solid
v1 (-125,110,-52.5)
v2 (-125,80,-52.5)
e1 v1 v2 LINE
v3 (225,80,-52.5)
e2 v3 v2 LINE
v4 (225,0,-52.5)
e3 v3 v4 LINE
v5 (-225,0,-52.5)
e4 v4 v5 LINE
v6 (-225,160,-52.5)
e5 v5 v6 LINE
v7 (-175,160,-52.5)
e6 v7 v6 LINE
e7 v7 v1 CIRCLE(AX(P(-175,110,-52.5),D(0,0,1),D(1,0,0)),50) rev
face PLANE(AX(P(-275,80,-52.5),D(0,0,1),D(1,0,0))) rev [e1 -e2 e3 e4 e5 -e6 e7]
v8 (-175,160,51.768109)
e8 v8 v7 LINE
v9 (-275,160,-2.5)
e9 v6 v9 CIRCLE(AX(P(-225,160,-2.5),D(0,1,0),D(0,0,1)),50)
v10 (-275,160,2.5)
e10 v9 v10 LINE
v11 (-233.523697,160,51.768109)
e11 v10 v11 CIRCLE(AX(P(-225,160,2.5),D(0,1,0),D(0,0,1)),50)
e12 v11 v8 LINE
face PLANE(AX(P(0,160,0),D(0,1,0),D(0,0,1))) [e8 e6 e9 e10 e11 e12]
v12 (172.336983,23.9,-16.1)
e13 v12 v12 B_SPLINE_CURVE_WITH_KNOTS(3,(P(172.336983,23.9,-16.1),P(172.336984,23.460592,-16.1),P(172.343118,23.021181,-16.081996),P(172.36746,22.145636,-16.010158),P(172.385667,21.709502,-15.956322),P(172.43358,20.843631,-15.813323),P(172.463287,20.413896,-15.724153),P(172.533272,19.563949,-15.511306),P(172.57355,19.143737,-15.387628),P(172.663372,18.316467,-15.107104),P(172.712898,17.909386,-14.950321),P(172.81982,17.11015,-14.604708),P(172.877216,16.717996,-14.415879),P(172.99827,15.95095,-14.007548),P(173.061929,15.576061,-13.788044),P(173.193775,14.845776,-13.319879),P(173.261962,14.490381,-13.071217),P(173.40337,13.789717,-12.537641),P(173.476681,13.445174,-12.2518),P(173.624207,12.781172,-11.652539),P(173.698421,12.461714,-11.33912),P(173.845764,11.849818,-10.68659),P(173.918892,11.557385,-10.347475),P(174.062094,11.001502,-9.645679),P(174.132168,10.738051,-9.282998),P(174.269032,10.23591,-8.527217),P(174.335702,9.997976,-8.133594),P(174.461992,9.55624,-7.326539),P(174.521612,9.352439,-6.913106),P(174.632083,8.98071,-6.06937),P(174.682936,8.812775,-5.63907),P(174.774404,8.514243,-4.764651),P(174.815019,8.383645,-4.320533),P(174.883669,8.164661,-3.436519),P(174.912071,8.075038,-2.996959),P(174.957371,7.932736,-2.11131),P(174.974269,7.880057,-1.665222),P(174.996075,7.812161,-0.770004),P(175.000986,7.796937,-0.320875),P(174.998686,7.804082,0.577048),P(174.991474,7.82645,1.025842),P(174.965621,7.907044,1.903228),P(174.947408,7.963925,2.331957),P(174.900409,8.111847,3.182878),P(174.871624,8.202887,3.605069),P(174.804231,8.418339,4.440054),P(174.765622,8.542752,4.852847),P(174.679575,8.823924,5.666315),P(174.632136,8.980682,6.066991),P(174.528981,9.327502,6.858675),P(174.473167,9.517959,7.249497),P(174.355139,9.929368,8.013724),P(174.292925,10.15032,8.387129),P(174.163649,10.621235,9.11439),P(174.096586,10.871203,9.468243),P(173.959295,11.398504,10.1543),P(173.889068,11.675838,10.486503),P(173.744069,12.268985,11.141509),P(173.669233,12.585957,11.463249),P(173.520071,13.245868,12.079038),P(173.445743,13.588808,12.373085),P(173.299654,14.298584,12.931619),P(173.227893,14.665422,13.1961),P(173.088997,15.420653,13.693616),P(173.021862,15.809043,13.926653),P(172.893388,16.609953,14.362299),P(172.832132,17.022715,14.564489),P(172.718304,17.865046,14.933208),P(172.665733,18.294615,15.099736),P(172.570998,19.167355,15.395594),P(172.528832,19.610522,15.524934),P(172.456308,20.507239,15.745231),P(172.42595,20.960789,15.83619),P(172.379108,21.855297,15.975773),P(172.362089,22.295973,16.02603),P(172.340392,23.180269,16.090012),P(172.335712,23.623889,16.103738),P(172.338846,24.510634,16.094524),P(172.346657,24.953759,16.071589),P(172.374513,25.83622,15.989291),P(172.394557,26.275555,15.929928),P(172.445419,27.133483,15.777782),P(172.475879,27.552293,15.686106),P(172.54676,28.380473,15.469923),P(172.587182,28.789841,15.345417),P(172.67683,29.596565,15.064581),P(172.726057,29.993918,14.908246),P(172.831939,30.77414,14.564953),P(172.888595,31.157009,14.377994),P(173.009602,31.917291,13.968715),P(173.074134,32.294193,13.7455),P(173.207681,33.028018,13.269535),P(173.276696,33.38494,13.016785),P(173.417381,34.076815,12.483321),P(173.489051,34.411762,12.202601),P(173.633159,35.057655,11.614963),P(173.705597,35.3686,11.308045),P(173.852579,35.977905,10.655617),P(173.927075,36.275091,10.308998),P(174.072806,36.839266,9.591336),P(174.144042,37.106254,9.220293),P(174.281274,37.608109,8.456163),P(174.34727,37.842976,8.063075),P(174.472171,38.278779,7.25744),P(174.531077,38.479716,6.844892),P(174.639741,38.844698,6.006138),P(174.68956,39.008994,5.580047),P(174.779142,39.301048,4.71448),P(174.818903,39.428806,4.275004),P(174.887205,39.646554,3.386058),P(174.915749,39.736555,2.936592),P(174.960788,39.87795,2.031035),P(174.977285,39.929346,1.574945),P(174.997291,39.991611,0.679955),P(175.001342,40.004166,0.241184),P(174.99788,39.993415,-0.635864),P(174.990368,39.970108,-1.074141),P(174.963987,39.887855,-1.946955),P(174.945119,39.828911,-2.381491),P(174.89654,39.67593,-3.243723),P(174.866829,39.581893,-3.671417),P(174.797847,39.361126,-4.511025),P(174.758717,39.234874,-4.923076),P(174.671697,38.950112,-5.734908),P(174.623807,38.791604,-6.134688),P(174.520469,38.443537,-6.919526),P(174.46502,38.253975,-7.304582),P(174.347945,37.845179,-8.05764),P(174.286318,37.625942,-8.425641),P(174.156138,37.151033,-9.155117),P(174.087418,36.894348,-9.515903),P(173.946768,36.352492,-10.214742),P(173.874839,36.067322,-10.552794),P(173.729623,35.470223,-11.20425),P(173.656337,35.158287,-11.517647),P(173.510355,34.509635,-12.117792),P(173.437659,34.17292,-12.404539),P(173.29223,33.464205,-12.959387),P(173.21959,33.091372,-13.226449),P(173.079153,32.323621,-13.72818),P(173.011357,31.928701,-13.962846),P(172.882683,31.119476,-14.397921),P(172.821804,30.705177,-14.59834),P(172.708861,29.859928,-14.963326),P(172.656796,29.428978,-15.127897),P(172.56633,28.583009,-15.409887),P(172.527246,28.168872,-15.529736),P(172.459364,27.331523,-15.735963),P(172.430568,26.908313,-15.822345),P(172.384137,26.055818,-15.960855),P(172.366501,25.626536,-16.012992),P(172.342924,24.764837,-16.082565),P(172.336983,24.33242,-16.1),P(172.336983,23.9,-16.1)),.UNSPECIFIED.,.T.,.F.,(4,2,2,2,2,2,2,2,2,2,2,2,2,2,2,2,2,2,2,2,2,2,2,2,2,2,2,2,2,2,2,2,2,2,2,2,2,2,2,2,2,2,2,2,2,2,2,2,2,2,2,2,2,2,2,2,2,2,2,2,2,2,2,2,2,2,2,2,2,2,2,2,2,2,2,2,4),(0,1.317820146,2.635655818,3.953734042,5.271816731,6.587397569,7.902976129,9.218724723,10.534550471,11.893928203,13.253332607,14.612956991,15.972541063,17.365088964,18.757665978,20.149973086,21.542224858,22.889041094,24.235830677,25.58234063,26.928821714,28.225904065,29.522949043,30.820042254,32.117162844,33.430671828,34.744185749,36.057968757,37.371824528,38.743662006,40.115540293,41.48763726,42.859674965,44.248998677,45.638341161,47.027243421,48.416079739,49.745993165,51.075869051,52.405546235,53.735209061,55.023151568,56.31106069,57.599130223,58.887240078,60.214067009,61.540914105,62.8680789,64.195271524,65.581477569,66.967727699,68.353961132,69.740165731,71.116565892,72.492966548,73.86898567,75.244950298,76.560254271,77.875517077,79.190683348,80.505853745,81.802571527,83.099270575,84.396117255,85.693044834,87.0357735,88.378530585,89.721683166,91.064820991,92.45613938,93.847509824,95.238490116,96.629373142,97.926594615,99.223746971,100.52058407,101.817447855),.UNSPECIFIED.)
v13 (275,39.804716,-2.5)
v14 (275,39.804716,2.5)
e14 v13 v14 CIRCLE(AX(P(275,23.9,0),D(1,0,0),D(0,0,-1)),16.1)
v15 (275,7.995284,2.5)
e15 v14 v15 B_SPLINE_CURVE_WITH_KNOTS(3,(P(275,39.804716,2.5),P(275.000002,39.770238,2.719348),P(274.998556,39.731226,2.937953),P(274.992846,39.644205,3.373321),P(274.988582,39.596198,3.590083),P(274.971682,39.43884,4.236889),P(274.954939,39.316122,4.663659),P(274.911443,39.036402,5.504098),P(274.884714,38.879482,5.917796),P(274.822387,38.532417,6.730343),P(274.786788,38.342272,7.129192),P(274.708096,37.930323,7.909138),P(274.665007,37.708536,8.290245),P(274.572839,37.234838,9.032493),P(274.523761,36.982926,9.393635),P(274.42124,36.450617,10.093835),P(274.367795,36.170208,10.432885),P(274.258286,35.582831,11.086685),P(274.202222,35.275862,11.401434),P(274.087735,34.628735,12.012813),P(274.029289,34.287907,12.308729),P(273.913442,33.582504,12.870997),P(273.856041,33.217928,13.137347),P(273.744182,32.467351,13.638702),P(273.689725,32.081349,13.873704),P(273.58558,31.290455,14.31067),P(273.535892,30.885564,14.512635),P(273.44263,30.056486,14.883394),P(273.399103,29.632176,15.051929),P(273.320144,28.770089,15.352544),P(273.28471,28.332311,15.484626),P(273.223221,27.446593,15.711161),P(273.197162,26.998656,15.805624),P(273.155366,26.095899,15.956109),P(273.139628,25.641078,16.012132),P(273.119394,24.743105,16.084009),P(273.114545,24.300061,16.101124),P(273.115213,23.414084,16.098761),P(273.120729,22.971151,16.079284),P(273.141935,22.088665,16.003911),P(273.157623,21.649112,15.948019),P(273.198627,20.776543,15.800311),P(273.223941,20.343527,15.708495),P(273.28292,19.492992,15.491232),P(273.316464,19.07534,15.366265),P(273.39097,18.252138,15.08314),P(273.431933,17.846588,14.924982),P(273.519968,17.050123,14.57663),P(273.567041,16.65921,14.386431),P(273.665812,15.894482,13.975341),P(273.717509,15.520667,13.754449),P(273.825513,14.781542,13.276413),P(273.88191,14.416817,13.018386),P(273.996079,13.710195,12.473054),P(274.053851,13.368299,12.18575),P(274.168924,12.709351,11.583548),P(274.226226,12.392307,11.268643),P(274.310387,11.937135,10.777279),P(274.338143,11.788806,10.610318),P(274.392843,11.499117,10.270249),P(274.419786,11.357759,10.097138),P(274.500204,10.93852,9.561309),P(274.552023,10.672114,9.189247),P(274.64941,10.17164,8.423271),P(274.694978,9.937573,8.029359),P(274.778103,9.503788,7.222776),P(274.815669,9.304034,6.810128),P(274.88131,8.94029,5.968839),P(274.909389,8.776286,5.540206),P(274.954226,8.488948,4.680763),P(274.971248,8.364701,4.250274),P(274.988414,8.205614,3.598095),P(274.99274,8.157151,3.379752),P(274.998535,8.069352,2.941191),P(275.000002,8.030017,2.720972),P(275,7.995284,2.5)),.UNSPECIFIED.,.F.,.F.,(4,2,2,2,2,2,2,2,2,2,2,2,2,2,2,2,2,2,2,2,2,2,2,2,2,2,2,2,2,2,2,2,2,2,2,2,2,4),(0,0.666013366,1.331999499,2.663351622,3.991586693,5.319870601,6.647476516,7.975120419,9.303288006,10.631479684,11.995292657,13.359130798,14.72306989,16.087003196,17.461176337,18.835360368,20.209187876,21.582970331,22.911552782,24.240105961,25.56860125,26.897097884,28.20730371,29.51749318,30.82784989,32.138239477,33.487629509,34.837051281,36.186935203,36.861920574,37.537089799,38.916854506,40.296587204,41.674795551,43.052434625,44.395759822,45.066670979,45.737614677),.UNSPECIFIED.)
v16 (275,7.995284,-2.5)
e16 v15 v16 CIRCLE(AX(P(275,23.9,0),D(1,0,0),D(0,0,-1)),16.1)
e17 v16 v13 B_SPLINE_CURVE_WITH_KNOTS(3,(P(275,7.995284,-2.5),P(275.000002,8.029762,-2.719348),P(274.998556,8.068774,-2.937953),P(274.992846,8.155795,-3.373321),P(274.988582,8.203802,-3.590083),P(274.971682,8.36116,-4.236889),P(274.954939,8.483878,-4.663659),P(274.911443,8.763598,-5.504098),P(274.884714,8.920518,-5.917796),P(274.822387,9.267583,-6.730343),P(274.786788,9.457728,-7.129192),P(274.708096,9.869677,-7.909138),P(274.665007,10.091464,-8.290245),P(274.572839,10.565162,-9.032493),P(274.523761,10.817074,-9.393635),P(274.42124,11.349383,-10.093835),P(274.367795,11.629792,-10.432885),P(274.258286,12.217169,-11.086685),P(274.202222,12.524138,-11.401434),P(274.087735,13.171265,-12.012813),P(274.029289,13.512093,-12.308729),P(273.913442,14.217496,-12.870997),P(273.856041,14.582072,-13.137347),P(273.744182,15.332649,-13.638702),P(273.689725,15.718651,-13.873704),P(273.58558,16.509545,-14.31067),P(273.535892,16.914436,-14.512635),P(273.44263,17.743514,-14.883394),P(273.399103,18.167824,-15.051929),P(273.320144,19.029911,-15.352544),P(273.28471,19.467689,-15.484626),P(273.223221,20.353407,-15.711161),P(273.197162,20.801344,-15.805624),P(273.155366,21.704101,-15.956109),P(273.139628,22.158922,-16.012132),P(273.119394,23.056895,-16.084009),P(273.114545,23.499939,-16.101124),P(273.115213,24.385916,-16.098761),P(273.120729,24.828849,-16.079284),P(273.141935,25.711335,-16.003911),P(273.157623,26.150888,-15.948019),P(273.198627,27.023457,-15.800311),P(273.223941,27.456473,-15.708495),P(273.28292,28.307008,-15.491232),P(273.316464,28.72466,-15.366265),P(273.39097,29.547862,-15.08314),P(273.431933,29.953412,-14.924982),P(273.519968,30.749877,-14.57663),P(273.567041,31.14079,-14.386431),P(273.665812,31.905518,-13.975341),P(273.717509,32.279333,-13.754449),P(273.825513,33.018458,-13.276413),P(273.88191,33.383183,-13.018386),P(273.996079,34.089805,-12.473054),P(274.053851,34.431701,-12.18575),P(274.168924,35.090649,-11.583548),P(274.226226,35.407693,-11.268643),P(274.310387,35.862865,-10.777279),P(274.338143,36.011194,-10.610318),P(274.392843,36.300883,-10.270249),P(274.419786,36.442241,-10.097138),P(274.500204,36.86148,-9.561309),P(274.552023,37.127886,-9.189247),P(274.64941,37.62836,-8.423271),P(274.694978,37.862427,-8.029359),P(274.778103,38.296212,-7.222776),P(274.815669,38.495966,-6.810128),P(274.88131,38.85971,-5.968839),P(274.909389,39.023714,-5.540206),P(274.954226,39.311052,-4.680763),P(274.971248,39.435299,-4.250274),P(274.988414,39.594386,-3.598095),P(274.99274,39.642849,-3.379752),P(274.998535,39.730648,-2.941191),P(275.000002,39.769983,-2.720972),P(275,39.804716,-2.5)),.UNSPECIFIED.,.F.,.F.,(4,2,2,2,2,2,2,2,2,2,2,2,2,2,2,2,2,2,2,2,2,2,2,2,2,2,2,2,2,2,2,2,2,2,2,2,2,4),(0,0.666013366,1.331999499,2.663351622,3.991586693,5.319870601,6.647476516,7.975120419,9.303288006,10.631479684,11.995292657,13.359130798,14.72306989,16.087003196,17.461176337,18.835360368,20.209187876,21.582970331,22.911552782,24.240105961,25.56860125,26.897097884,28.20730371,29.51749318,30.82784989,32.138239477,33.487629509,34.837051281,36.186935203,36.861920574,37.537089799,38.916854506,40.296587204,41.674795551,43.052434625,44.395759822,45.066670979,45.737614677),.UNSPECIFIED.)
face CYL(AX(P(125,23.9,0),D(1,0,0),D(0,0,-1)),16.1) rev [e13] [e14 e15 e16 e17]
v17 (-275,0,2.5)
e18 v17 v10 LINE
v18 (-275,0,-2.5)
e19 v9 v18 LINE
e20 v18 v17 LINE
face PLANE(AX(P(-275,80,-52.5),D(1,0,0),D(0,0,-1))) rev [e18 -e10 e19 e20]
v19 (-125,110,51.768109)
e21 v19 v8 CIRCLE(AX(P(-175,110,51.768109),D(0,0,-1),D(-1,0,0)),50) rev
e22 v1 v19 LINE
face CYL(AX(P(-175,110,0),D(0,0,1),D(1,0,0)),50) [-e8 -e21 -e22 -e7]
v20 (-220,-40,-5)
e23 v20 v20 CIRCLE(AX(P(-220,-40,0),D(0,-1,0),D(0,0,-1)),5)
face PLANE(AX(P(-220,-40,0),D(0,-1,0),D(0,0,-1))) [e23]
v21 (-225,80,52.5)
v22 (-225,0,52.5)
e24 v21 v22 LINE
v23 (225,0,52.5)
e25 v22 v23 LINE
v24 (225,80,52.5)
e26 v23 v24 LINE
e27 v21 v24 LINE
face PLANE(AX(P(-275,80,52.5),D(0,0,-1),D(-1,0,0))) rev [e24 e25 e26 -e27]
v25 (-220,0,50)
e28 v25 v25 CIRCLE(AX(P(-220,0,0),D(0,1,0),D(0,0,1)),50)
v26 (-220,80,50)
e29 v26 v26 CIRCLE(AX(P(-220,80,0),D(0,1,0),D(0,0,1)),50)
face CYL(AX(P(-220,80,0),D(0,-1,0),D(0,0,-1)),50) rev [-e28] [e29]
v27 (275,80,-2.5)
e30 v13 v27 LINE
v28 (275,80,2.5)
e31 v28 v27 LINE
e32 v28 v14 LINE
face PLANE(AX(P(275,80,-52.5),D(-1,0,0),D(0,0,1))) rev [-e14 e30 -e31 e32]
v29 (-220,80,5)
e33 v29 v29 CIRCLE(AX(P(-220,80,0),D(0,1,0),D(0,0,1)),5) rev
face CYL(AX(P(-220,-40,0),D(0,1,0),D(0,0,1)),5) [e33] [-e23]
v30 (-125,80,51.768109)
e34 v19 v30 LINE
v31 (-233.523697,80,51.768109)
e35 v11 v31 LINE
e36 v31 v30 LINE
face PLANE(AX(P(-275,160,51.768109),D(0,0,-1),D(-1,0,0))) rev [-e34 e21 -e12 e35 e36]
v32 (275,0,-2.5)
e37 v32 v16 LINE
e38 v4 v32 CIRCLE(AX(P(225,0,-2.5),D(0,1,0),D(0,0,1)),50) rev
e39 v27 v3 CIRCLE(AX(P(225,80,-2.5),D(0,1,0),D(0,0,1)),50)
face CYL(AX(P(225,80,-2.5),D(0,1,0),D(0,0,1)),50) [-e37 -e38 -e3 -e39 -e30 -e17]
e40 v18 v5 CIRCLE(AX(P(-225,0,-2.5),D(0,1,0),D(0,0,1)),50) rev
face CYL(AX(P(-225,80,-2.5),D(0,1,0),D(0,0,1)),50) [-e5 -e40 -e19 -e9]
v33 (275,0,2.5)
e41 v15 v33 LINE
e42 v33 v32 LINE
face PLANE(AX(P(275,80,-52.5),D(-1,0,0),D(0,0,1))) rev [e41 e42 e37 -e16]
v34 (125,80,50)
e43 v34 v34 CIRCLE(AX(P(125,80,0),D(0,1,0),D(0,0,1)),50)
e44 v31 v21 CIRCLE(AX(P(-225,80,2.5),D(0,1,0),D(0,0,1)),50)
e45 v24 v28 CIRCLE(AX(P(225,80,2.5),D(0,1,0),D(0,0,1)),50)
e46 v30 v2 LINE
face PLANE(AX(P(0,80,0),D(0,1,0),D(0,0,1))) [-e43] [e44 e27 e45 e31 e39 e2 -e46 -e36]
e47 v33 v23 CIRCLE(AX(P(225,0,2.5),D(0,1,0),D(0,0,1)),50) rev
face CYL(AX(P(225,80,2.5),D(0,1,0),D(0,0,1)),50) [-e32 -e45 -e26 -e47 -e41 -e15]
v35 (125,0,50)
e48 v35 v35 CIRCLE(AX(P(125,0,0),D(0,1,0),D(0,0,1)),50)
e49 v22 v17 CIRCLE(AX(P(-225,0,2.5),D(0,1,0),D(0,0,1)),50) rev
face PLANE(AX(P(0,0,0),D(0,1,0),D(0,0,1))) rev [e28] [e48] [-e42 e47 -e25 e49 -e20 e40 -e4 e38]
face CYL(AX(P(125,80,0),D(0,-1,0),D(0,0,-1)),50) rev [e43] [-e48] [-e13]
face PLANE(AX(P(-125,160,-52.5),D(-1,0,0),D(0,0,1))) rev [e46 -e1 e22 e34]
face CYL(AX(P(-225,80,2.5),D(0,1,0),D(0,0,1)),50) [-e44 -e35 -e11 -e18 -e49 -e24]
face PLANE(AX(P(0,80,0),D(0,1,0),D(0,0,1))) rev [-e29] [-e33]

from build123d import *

# Parameters (mm, degrees)
SKETCH1_W           = 550
SKETCH1_H           = 105
SKETCH1_R           = 50
BOSS_EXTRUDE2_DEPTH = 80
FILLET4_R           = 50
FILLET5_R           = 50
SKETCH11_W          = 150
SKETCH11_H          = 104.268109322
BOSS_EXTRUDE3_DEPTH = 80
SKETCH12_R          = 5
BOSS_EXTRUDE4_DEPTH = 120
FILLET8_R           = 50
FILLET9_R           = 50
FILLET10_R          = 50
SKETCH13_R          = 16.1
CUT_EXTRUDE1_DEPTH  = 150


with BuildPart() as part:
    # Sketch1 → Boss-Extrude2 (new body)
    with BuildSketch(Plane(origin=(0, 0, 0), x_dir=(1, 0, 0), z_dir=(0, 1, 0))):
        Rectangle(SKETCH1_W, SKETCH1_H)
        with Locations((-220, 0)):
            Circle(SKETCH1_R, mode=Mode.SUBTRACT)
        with Locations((125, 0)):
            Circle(SKETCH1_R, mode=Mode.SUBTRACT)
    extrude(amount=BOSS_EXTRUDE2_DEPTH)

    # Fillet4
    fillet4_edges = [part.edges().sort_by_distance(p)[0] for p in [
        (275, 40, 52.5),
    ]]
    fillet(fillet4_edges, radius=FILLET4_R)

    # Fillet5
    fillet5_edges = [part.edges().sort_by_distance(p)[0] for p in [
        (275, 40, -52.5),
    ]]
    fillet(fillet5_edges, radius=FILLET5_R)

    # Sketch11 → Boss-Extrude3 (add)
    with BuildSketch(Plane(origin=(0, 80, 0), x_dir=(1, 0, 0), z_dir=(0, 1, 0))):
        with Locations((-200, 0.365945339)):
            Rectangle(SKETCH11_W, SKETCH11_H)
    extrude(amount=BOSS_EXTRUDE3_DEPTH)

    # Sketch12 → Boss-Extrude4 (add)
    with BuildSketch(Plane.XZ.offset(-80)):
        with Locations((-220, 0)):
            Circle(SKETCH12_R)
    extrude(amount=BOSS_EXTRUDE4_DEPTH)

    # Fillet8
    fillet8_edges = [part.edges().sort_by_distance(p)[0] for p in [
        (-275, 40, 52.5),
    ]]
    fillet(fillet8_edges, radius=FILLET8_R)

    # Fillet9
    fillet9_edges = [part.edges().sort_by_distance(p)[0] for p in [
        (-275, 80, -52.5),
    ]]
    fillet(fillet9_edges, radius=FILLET9_R)

    # Fillet10
    fillet10_edges = [part.edges().sort_by_distance(p)[0] for p in [
        (-125, 160, -0.365945339),
    ]]
    fillet(fillet10_edges, radius=FILLET10_R)

    # Sketch13 → Cut-Extrude1 (cut)
    with BuildSketch(Plane(origin=(275, 0, 0), x_dir=(0, 0, -1), z_dir=(1, 0, 0))):
        with Locations((0, 23.9)):
            Circle(SKETCH13_R)
    extrude(amount=-CUT_EXTRUDE1_DEPTH, mode=Mode.SUBTRACT)


solid = part.part
